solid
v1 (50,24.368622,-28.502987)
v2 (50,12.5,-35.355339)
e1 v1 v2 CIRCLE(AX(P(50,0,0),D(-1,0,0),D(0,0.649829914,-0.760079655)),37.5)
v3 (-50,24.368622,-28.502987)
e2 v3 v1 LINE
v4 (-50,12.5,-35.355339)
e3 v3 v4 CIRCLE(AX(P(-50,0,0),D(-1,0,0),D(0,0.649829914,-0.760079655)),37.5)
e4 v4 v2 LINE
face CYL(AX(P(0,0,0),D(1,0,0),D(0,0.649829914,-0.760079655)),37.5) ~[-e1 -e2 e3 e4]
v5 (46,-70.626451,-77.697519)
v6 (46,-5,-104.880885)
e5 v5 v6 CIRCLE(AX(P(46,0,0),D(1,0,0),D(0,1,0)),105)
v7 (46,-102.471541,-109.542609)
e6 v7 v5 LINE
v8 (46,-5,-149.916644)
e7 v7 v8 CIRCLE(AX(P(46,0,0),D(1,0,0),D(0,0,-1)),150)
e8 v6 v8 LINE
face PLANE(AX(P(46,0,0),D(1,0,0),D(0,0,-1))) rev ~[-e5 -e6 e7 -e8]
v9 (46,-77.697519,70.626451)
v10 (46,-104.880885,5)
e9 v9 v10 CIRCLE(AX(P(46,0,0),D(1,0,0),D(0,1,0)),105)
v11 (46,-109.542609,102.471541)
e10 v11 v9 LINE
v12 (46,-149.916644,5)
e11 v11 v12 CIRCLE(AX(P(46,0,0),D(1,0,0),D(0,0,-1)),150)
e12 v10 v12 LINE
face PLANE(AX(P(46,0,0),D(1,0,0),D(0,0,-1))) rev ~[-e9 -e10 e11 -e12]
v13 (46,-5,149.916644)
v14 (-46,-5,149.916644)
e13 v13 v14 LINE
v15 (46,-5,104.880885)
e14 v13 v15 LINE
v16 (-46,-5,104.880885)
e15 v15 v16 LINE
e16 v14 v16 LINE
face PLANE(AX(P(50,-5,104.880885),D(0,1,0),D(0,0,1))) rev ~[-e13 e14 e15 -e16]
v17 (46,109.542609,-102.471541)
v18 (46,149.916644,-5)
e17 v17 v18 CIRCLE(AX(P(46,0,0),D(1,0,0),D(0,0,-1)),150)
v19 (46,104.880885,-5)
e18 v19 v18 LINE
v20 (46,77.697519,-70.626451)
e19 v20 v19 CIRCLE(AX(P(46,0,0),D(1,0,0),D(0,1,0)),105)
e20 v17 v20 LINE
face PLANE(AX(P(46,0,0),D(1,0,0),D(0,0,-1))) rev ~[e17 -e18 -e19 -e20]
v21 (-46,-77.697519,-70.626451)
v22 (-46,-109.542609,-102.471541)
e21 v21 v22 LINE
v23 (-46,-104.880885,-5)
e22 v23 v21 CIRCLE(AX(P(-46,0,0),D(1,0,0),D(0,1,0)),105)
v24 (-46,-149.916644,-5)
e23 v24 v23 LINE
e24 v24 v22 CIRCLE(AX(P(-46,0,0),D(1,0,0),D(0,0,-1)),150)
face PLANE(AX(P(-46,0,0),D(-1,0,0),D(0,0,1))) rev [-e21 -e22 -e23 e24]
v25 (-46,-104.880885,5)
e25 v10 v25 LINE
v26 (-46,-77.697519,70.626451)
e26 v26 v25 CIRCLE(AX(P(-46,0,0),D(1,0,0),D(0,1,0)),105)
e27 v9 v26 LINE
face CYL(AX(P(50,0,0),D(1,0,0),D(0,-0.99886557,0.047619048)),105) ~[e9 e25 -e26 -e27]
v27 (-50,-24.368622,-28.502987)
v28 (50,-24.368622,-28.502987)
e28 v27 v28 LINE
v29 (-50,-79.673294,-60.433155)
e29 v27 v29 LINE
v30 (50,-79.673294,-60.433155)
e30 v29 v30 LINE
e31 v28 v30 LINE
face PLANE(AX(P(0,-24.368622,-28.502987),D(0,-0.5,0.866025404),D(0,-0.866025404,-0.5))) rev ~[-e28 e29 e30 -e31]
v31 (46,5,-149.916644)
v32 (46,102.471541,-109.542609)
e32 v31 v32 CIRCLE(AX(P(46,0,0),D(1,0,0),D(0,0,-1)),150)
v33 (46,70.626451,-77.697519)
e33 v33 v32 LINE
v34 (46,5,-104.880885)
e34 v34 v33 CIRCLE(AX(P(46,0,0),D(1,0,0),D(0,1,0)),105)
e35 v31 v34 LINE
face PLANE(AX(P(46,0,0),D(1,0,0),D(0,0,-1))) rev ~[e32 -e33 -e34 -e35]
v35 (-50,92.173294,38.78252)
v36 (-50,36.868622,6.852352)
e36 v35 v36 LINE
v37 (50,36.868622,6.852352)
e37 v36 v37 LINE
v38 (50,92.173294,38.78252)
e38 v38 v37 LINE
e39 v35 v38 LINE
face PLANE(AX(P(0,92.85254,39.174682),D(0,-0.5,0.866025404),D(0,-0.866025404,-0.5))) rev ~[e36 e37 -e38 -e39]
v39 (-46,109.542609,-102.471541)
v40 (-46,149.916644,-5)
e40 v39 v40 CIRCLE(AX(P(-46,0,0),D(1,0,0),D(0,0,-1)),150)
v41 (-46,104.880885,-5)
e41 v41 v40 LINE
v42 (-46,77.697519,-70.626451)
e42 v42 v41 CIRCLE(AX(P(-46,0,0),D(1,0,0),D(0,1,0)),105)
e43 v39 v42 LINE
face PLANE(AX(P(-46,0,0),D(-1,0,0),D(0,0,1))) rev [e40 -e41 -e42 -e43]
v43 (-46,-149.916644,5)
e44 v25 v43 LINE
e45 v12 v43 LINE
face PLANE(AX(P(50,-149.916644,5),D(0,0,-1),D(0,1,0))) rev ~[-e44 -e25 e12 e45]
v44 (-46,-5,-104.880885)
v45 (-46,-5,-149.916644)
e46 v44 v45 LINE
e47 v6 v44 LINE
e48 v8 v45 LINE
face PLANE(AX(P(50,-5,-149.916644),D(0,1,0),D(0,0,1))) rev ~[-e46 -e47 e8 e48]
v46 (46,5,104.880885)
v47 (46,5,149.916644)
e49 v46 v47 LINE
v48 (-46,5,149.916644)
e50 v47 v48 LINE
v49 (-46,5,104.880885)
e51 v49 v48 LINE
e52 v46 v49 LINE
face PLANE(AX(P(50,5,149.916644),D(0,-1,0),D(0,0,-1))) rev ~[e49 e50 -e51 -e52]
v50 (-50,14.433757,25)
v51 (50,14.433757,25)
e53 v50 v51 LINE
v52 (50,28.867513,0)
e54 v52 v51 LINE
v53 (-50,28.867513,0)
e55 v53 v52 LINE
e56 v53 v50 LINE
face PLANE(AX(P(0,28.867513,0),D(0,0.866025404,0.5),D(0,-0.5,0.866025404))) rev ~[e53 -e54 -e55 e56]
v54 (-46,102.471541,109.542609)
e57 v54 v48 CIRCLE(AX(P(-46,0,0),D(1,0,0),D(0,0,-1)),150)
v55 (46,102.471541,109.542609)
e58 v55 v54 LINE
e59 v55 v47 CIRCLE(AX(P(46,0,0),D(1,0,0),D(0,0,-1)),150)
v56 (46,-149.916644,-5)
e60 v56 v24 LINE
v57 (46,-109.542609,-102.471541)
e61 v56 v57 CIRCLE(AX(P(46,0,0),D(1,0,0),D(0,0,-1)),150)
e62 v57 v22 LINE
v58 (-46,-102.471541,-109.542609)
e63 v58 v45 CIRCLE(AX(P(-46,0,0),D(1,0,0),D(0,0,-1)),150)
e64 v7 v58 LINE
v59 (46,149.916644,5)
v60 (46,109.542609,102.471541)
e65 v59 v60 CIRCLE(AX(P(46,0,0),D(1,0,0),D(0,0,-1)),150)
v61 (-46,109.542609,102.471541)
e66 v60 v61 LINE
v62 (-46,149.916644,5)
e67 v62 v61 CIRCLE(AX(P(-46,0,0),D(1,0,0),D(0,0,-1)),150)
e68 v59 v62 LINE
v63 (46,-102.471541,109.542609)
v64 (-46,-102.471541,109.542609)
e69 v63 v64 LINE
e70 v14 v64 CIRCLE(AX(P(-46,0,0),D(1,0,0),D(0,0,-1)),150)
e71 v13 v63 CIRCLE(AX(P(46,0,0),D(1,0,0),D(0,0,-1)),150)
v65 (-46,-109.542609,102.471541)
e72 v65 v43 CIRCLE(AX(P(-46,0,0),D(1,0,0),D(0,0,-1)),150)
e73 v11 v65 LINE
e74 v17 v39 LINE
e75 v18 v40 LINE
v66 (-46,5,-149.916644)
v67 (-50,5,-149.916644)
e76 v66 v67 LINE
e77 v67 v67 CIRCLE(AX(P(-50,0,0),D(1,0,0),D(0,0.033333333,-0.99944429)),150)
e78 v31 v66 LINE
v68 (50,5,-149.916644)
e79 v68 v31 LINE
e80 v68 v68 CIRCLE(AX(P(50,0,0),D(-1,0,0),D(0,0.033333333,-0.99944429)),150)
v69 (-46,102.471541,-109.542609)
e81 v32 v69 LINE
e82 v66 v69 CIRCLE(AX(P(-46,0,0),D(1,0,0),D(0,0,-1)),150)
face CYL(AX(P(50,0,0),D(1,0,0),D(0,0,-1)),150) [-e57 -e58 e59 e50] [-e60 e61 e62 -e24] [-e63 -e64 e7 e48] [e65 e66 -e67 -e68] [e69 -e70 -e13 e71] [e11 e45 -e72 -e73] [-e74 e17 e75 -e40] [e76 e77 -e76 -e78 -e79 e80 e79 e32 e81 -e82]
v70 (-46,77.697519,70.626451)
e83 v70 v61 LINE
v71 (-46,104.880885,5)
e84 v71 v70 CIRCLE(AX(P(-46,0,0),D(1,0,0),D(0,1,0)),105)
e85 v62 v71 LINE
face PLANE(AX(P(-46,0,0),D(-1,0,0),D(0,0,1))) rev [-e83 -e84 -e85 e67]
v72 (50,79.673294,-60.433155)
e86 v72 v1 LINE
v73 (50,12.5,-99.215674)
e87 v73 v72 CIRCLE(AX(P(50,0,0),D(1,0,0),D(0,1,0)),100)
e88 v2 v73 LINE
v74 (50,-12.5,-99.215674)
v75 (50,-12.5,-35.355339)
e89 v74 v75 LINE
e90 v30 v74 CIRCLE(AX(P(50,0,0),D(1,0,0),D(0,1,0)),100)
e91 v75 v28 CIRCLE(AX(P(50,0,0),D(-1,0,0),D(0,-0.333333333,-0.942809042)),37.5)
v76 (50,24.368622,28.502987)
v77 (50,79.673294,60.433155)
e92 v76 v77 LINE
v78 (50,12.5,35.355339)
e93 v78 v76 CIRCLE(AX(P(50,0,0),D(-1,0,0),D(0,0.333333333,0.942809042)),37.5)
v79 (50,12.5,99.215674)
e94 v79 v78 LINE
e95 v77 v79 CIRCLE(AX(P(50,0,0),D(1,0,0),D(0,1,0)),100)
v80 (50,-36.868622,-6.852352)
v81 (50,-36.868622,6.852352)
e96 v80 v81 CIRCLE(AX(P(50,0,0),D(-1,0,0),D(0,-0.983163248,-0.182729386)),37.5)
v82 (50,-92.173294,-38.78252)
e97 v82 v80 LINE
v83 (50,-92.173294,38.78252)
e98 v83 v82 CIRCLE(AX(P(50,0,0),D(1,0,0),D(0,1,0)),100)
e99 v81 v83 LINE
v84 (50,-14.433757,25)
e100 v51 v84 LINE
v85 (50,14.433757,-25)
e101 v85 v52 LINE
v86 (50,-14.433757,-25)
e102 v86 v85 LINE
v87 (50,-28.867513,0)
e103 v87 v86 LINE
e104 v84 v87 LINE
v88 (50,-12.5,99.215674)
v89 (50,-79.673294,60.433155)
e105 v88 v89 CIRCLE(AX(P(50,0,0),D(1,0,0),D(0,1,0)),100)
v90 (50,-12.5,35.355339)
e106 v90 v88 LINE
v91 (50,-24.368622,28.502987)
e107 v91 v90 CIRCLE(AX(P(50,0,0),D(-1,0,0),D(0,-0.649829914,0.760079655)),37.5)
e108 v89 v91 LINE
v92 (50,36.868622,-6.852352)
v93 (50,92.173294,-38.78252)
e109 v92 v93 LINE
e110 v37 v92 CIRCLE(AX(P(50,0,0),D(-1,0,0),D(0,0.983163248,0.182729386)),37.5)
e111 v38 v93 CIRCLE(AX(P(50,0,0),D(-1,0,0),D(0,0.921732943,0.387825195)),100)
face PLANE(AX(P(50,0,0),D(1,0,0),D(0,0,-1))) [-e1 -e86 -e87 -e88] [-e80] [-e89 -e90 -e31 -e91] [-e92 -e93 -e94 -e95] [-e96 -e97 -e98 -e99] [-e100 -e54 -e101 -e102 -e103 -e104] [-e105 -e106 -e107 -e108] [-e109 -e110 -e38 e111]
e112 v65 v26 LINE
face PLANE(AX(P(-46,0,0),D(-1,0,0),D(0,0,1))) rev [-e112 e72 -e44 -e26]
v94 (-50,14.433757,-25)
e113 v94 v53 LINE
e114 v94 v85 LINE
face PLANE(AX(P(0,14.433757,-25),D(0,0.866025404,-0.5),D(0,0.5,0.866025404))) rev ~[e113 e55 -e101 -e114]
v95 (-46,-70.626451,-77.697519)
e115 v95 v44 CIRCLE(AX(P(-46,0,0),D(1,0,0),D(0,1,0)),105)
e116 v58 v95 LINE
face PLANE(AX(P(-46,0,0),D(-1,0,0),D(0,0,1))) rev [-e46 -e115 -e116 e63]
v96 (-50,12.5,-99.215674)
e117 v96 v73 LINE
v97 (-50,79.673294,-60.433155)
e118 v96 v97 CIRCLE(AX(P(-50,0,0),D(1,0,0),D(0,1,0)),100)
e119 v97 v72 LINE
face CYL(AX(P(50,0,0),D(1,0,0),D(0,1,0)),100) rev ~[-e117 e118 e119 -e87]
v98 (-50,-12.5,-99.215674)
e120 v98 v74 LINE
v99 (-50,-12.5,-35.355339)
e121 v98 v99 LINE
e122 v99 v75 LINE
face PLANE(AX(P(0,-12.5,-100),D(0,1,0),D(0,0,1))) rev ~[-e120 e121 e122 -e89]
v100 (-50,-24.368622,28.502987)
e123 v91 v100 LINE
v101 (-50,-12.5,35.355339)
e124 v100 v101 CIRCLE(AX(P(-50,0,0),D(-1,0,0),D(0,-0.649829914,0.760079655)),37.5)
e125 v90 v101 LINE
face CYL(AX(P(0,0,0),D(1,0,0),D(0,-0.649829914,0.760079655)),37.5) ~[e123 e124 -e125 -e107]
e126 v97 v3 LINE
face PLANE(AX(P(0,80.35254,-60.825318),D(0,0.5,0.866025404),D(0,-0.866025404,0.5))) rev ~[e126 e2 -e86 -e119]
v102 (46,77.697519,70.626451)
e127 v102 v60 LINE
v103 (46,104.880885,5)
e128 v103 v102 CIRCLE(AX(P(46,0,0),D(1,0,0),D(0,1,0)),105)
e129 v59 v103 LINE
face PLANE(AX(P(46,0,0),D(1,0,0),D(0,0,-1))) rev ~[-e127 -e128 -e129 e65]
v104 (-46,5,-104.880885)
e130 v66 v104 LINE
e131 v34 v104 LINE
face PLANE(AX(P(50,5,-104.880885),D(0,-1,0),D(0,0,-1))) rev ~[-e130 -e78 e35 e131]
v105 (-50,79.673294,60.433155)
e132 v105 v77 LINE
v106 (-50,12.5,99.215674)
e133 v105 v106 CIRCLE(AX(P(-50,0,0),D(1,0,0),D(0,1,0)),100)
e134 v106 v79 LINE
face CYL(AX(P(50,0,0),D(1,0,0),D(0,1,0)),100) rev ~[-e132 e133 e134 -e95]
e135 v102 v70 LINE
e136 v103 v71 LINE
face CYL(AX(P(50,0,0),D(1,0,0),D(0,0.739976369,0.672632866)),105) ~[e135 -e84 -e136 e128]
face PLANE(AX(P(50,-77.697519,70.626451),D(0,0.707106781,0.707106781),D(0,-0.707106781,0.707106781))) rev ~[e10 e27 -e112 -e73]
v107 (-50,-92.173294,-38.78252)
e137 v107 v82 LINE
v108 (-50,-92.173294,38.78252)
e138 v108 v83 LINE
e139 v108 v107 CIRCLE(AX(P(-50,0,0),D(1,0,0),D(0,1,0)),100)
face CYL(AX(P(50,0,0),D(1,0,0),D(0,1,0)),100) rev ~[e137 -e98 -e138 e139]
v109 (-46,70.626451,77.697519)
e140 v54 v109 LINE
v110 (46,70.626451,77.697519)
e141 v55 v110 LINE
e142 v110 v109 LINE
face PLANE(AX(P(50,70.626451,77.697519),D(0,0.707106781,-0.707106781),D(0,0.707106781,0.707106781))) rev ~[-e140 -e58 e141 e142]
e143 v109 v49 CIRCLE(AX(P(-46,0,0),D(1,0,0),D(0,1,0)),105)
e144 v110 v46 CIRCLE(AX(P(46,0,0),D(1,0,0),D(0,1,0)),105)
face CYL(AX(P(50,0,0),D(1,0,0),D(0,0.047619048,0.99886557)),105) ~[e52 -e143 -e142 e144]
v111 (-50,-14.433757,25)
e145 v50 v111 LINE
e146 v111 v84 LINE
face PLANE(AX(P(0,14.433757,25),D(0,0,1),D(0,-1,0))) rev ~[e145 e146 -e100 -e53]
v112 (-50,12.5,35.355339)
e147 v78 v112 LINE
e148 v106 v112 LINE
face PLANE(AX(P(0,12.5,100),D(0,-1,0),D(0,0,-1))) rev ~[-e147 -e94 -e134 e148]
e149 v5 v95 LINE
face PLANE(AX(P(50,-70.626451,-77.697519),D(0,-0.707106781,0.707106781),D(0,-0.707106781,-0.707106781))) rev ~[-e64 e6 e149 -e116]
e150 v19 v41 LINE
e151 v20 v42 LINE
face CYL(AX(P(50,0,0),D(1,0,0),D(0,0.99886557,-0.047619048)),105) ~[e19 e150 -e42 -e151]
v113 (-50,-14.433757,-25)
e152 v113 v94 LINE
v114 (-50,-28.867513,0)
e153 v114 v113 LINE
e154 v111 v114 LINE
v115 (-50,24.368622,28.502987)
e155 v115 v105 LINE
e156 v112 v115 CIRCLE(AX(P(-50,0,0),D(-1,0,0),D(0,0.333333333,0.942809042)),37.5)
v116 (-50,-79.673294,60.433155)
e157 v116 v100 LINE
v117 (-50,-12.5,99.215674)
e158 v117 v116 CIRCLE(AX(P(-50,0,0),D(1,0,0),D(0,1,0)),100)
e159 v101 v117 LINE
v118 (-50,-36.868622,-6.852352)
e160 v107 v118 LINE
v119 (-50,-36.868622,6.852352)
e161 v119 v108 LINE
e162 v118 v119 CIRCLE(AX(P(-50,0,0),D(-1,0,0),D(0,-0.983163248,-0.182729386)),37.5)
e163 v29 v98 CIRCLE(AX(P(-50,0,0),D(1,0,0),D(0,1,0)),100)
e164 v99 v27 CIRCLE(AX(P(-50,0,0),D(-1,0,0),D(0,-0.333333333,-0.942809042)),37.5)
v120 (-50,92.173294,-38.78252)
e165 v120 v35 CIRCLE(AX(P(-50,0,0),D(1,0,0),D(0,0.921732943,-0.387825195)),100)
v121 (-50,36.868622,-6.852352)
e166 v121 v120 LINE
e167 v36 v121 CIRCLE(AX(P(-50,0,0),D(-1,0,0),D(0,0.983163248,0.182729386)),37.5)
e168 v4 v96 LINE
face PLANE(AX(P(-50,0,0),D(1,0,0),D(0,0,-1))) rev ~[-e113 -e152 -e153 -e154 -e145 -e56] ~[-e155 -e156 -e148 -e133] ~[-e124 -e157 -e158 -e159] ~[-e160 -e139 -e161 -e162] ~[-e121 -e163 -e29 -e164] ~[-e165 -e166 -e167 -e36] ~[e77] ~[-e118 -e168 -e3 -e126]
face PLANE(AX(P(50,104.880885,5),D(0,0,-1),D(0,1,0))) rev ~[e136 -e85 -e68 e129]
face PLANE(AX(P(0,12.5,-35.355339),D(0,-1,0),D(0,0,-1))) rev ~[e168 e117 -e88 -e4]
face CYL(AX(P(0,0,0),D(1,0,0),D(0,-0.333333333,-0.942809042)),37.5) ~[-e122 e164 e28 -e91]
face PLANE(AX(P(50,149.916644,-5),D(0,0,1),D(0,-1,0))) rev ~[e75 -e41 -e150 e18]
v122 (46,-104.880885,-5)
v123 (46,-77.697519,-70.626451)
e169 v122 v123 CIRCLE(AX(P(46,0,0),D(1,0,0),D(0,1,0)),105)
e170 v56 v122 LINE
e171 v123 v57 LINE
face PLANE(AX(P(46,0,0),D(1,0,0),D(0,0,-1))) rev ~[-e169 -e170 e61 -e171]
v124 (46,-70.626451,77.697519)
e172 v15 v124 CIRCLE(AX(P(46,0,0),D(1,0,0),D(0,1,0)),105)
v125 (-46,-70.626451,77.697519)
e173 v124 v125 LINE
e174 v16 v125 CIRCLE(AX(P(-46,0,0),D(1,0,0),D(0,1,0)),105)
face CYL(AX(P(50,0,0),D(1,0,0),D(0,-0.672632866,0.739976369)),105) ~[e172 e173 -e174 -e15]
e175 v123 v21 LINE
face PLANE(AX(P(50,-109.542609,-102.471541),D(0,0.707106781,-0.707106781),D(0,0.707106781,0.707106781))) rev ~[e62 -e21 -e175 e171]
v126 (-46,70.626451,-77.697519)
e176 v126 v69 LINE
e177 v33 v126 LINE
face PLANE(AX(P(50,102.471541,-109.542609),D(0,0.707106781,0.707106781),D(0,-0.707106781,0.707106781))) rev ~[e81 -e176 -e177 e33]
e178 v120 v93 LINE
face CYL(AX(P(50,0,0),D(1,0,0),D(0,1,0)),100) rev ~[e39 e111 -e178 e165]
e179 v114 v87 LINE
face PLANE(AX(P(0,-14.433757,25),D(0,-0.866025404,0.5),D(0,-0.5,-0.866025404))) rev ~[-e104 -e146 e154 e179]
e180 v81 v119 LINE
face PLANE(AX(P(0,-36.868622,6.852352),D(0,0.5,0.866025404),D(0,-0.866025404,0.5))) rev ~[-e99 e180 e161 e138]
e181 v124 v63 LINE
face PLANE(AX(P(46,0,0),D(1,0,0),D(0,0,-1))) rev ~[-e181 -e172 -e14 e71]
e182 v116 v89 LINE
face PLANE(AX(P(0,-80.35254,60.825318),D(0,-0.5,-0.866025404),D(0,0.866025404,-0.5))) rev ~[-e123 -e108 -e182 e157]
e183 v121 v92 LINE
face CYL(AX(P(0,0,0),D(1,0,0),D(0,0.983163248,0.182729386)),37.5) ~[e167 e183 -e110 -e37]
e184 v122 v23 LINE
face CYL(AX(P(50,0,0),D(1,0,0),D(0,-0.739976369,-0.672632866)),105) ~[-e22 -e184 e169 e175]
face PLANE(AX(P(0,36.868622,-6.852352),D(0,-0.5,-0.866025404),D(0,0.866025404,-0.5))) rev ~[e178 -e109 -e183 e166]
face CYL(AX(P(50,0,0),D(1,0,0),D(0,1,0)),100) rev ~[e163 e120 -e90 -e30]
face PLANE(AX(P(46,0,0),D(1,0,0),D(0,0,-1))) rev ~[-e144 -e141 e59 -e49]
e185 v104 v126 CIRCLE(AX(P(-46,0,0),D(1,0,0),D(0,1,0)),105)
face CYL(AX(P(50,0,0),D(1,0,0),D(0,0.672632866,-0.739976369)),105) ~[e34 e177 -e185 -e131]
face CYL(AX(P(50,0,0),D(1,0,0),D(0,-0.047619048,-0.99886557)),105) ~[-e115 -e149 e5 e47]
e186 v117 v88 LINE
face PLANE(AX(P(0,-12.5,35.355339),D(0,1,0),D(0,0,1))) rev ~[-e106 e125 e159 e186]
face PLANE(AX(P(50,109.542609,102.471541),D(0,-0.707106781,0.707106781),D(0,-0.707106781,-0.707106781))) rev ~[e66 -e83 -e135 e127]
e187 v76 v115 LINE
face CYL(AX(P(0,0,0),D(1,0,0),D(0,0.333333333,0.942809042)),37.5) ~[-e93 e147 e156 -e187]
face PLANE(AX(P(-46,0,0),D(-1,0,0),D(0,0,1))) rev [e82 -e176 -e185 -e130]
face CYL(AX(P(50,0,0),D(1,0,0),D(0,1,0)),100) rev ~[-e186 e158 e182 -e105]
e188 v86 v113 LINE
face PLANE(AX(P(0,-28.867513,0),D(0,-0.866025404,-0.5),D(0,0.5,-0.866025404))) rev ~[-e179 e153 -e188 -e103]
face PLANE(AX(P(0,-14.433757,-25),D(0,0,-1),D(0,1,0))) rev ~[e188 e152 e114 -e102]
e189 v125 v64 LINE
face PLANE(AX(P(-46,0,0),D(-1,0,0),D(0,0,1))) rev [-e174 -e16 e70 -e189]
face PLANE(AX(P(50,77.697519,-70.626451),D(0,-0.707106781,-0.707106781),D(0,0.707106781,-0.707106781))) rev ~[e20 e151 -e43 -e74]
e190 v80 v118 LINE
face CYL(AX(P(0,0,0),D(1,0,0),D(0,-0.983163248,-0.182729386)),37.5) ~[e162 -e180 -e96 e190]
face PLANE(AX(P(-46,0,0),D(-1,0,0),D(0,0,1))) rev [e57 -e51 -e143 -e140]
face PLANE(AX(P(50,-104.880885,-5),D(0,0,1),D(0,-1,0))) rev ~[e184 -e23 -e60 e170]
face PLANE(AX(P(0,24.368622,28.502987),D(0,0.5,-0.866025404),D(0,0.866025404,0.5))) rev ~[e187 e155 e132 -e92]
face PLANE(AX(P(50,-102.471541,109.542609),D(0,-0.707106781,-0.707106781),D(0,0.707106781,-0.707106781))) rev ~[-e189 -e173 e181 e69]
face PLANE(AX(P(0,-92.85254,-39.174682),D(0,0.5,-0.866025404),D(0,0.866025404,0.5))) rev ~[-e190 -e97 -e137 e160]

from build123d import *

# Parameters (mm, degrees)
BOSS_EXTRUDE1_DEPTH = 50
SKETCH4_R           = 150
SKETCH4_R_2         = 100
BOSS_EXTRUDE3_DEPTH = 100
CUT_EXTRUDE1_DEPTH  = 120
SKETCH7_R           = 150
SKETCH7_R_2         = 105
BOSS_EXTRUDE6_DEPTH = 4


with BuildPart() as part:
    # Sketch2 → Boss-Extrude1 (new, symmetric)
    with BuildSketch(Plane.YZ):
        with BuildLine():
            Line((-24.368621785, -28.502987077), (-80.352540378, -60.825317547))
            Line((-80.352540378, -60.825317547), (-92.852540378, -39.174682453))
            Line((-92.852540378, -39.174682453), (-36.868621785, -6.852351982))
            ThreePointArc((-36.868621785, -6.852351982), (-37.5, 0), (-36.868621785, 6.852351982))
            Line((-36.868621785, 6.852351982), (-92.852540378, 39.174682453))
            Line((-92.852540378, 39.174682453), (-80.352540378, 60.825317547))
            Line((-80.352540378, 60.825317547), (-24.368621785, 28.502987077))
            ThreePointArc((-24.368621785, 28.502987077), (-18.75, 32.475952642), (-12.5, 35.355339059))
            Line((-12.5, 35.355339059), (-12.5, 100))
            Line((-12.5, 100), (12.5, 100))
            Line((12.5, 100), (12.5, 35.355339059))
            ThreePointArc((12.5, 35.355339059), (18.75, 32.475952642), (24.368621785, 28.502987077))
            Line((24.368621785, 28.502987077), (80.352540378, 60.825317547))
            Line((80.352540378, 60.825317547), (92.852540378, 39.174682453))
            Line((92.852540378, 39.174682453), (36.868621785, 6.852351982))
            ThreePointArc((36.868621785, 6.852351982), (37.5, 0), (36.868621785, -6.852351982))
            Line((36.868621785, -6.852351982), (92.852540378, -39.174682453))
            Line((92.852540378, -39.174682453), (80.352540378, -60.825317547))
            Line((80.352540378, -60.825317547), (24.368621785, -28.502987077))
            ThreePointArc((24.368621785, -28.502987077), (18.75, -32.475952642), (12.5, -35.355339059))
            Line((12.5, -35.355339059), (12.5, -100))
            Line((12.5, -100), (-12.5, -100))
            Line((-12.5, -100), (-12.5, -35.355339059))
            ThreePointArc((-12.5, -35.355339059), (-18.75, -32.475952642), (-24.368621785, -28.502987077))
        make_face()
        Polygon((-14.43375673, -25), (14.43375673, -25), (28.867513459, 0), (14.43375673, 25), (-14.43375673, 25), (-28.867513459, 0), align=None, mode=Mode.SUBTRACT)
    extrude(amount=BOSS_EXTRUDE1_DEPTH, both=True)

    # Sketch4 → Boss-Extrude3 (add)
    with BuildSketch(Plane.YZ.offset(50)):
        with Locations(Location((0, 0, 0), (0, 0, 270))):
            Circle(SKETCH4_R)
        Circle(SKETCH4_R_2, mode=Mode.SUBTRACT)
    extrude(amount=-BOSS_EXTRUDE3_DEPTH)

    # Sketch5 → Cut-Extrude1 (cut)
    with BuildSketch(Plane.YZ.offset(50)):
        with BuildLine():
            ThreePointArc((-70.626450965, 77.697518777), (-40.181760398, 97.007350914), (-5, 104.880884817))
            Line((-5, 104.880884817), (-5, 149.916643506))
            ThreePointArc((-5, 149.916643506), (-57.402514855, 138.581929877), (-102.47154133, 109.542609142))
            Line((-102.47154133, 109.542609142), (-70.626450965, 77.697518777))
        make_face()
        with BuildLine():
            Line((70.626450965, 77.697518777), (102.47154133, 109.542609142))
            ThreePointArc((102.47154133, 109.542609142), (57.402514855, 138.581929877), (5, 149.916643506))
            Line((5, 149.916643506), (5, 104.880884817))
            ThreePointArc((5, 104.880884817), (40.181760398, 97.007350914), (70.626450965, 77.697518777))
        make_face()
        with BuildLine():
            ThreePointArc((149.916643506, 5), (138.581929877, 57.402514855), (109.542609142, 102.47154133))
            Line((109.542609142, 102.47154133), (77.697518777, 70.626450965))
            ThreePointArc((77.697518777, 70.626450965), (97.007350914, 40.181760398), (104.880884817, 5))
            Line((104.880884817, 5), (149.916643506, 5))
        make_face()
        with BuildLine():
            Line((149.916643506, -5), (104.880884817, -5))
            ThreePointArc((104.880884817, -5), (97.007350914, -40.181760398), (77.697518777, -70.626450965))
            Line((77.697518777, -70.626450965), (109.542609142, -102.47154133))
            ThreePointArc((109.542609142, -102.47154133), (138.581929877, -57.402514855), (149.916643506, -5))
        make_face()
        with BuildLine():
            Line((102.47154133, -109.542609142), (70.626450965, -77.697518777))
            ThreePointArc((70.626450965, -77.697518777), (40.181760398, -97.007350914), (5, -104.880884817))
            Line((5, -104.880884817), (5, -149.916643506))
            ThreePointArc((5, -149.916643506), (57.402514855, -138.581929877), (102.47154133, -109.542609142))
        make_face()
        with BuildLine():
            Line((-5, -149.916643506), (-5, -104.880884817))
            ThreePointArc((-5, -104.880884817), (-40.181760398, -97.007350914), (-70.626450965, -77.697518777))
            Line((-70.626450965, -77.697518777), (-102.47154133, -109.542609142))
            ThreePointArc((-102.47154133, -109.542609142), (-57.402514855, -138.581929877), (-5, -149.916643506))
        make_face()
        with BuildLine():
            ThreePointArc((-77.697518777, -70.626450965), (-97.007350914, -40.181760398), (-104.880884817, -5))
            Line((-104.880884817, -5), (-149.916643506, -5))
            ThreePointArc((-149.916643506, -5), (-138.581929877, -57.402514855), (-109.542609142, -102.47154133))
            Line((-109.542609142, -102.47154133), (-77.697518777, -70.626450965))
        make_face()
        with BuildLine():
            ThreePointArc((-104.880884817, 5), (-97.007350914, 40.181760398), (-77.697518777, 70.626450965))
            Line((-77.697518777, 70.626450965), (-109.542609142, 102.47154133))
            ThreePointArc((-109.542609142, 102.47154133), (-138.581929877, 57.402514855), (-149.916643506, 5))
            Line((-149.916643506, 5), (-104.880884817, 5))
        make_face()
    extrude(amount=-CUT_EXTRUDE1_DEPTH, mode=Mode.SUBTRACT)

    # Sketch7 → Boss-Extrude6 (add)
    with BuildSketch(Plane.YZ.offset(50)):
        with Locations(Location((0, 0, 0), (0, 0, 270))):
            Circle(SKETCH7_R)
        Circle(SKETCH7_R_2, mode=Mode.SUBTRACT)
    boss_extrude6 = extrude(amount=-BOSS_EXTRUDE6_DEPTH)

    # Mirror2: Boss-Extrude6 across plane
    add(boss_extrude6.mirror(Plane(origin=(0, 0, 0), x_dir=(0, 0, 1), z_dir=(1, 0, 0))))


solid = part.part
